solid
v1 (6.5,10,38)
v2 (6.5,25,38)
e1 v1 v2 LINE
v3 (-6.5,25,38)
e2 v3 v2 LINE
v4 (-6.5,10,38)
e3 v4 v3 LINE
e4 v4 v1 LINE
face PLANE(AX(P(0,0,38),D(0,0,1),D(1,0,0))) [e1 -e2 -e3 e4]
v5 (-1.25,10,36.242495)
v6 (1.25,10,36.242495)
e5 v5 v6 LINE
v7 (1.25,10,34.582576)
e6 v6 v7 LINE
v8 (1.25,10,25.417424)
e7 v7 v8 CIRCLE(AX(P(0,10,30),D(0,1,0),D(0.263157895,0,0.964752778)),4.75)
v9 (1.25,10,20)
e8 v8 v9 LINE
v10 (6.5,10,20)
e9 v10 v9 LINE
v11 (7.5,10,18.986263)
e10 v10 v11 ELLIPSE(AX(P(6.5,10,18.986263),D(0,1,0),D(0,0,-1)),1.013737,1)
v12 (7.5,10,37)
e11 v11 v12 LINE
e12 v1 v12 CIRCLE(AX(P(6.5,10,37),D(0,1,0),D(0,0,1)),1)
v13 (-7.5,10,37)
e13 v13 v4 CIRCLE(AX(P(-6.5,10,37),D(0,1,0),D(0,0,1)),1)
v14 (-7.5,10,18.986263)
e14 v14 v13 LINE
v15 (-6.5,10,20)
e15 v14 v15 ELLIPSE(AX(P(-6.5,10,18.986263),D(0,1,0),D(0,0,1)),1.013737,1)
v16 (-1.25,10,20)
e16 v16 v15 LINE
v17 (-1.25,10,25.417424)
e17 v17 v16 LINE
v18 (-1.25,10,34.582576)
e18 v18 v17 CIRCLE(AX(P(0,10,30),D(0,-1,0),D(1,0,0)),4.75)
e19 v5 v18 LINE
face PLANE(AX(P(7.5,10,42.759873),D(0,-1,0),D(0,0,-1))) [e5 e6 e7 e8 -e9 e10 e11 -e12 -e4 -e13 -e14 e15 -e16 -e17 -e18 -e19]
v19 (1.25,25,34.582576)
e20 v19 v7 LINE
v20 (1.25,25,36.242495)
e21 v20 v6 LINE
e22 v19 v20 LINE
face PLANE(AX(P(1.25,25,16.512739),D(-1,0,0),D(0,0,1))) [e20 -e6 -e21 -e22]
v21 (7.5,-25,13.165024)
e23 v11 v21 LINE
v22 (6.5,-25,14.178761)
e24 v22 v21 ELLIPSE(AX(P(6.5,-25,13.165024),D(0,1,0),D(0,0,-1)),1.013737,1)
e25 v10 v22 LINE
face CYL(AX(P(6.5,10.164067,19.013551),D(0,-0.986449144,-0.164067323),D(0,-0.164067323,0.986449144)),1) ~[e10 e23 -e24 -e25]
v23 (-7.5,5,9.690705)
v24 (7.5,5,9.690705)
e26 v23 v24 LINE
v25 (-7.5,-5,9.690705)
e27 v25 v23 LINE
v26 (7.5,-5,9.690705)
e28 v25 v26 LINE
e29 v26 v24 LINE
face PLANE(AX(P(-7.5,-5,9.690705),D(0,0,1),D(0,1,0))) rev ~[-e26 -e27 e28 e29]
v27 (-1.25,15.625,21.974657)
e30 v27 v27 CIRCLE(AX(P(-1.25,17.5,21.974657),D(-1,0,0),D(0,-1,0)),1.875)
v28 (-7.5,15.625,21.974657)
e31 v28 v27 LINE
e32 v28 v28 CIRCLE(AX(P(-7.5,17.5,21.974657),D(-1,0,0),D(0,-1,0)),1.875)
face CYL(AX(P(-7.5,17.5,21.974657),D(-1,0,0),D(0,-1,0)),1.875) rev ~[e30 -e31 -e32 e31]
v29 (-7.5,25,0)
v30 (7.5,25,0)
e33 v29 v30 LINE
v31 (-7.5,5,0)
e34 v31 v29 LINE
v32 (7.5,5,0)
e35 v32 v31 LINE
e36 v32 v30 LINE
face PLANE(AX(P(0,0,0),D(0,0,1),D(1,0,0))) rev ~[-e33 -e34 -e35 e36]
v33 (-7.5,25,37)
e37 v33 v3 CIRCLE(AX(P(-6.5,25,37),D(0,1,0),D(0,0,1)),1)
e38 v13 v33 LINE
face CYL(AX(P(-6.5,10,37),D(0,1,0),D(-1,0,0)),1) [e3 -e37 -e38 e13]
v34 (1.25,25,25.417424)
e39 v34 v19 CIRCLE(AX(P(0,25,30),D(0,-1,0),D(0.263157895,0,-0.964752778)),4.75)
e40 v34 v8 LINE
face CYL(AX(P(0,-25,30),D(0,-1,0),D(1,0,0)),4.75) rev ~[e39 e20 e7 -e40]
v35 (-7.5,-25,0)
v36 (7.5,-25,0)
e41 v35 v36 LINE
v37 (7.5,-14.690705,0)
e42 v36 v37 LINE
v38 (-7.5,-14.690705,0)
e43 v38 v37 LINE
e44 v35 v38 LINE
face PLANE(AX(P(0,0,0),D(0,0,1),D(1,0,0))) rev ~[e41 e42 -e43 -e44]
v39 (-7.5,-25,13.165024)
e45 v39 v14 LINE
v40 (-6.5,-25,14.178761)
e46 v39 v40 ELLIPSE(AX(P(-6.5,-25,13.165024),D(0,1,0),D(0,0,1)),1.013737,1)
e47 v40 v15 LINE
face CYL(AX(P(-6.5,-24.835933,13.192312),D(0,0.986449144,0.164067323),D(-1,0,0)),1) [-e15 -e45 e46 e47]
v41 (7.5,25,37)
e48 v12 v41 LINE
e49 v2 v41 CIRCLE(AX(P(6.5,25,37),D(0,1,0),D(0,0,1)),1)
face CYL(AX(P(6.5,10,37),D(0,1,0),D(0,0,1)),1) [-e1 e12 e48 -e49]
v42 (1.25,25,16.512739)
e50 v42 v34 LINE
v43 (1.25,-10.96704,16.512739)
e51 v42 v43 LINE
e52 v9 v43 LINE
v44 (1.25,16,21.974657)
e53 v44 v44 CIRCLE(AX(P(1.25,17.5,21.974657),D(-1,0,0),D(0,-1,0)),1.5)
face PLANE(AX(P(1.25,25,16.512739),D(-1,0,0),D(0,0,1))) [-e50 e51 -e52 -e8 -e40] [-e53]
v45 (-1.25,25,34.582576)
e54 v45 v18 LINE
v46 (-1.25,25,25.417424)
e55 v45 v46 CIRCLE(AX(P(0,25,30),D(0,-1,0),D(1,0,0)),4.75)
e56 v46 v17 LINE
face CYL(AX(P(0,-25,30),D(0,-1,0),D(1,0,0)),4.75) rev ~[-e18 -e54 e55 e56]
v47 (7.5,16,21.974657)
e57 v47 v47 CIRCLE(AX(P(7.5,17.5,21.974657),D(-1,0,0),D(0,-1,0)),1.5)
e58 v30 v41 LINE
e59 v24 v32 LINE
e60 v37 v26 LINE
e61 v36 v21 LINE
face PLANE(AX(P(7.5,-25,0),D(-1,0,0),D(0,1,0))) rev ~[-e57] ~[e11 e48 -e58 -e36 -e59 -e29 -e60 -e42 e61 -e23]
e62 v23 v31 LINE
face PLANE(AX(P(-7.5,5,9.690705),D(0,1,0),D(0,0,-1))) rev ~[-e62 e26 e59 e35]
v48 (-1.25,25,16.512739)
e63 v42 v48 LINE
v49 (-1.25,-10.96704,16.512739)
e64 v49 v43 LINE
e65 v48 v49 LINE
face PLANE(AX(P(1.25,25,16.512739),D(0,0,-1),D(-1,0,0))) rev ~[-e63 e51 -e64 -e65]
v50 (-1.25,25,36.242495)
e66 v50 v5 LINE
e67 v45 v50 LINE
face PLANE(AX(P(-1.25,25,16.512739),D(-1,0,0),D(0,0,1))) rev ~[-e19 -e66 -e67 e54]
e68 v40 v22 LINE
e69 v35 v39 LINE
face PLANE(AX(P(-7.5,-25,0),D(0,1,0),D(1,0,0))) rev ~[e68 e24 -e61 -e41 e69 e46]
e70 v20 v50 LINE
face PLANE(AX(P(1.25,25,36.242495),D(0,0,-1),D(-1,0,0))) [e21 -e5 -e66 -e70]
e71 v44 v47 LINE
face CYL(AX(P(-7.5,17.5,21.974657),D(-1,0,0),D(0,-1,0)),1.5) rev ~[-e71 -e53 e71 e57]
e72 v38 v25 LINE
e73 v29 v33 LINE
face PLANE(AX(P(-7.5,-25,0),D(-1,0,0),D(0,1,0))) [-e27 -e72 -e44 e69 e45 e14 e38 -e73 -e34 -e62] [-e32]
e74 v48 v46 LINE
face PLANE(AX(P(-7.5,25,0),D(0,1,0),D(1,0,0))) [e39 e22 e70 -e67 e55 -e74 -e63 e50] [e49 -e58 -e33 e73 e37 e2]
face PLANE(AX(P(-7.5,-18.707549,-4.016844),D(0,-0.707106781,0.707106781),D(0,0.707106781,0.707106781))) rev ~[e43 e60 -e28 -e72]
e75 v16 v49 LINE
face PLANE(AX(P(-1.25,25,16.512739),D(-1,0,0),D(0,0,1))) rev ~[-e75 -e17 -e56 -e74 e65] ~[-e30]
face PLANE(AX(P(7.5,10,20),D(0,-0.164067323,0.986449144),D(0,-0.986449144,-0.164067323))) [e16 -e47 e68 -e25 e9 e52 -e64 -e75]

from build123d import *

# Parameters (mm, degrees)
SKETCH_W        = 15
SKETCH_H        = 50
PAD_DEPTH       = 38
SKETCH001_R     = 4.75
POCKET_DEPTH    = 50.001
POCKET001_DEPTH = 15.001
POCKET002_DEPTH = 15.001
SKETCH005_W     = 2.5
SKETCH005_H     = 19.729757
POCKET003_DEPTH = 50.001
SKETCH006_R     = 1.5
POCKET004_DEPTH = 15.001
SKETCH007_R     = 1.875
POCKET005_DEPTH = 7
FILLET_R        = 1


with BuildPart() as part:
    # Sketch → Pad (new body)
    with BuildSketch(Plane.XY):
        Rectangle(SKETCH_W, SKETCH_H)
    extrude(amount=PAD_DEPTH)

    # Sketch001 (on Face3 of Pad) → Pocket (cut, through all)
    with BuildSketch(Plane.XZ.offset(25)):
        with Locations((0, 30)):
            Circle(SKETCH001_R)
    extrude(amount=-POCKET_DEPTH, mode=Mode.SUBTRACT)

    # Sketch003 (on Face5 of Pocket) → Pocket001 (cut, through all)
    with BuildSketch(Plane.YZ.offset(7.5)):
        Polygon((10, 42.759873), (10, 20), (-31.063036, 13.17035), (-31.063036, 49.393513), align=None)
    extrude(amount=-POCKET001_DEPTH, mode=Mode.SUBTRACT)

    # Sketch004 (on Face2 of Pocket001) → Pocket002 (cut, through all)
    with BuildSketch(Plane(origin=(-7.5, 0, 0), x_dir=(0, -1, 0), z_dir=(-1, 0, 0))):
        Polygon((18.707549, -4.016844), (5, 9.690705), (-5, 9.690705), (-5, -5.466326), align=None)
    extrude(amount=-POCKET002_DEPTH, mode=Mode.SUBTRACT)

    # Sketch005 (on Face1 of Pocket002) → Pocket003 (cut, through all)
    with BuildSketch(Plane(origin=(0, 25, 0), x_dir=(-1, 0, 0), z_dir=(0, 1, 0))):
        with Locations((0, 26.377617)):
            Rectangle(SKETCH005_W, SKETCH005_H)
    extrude(amount=-POCKET003_DEPTH, mode=Mode.SUBTRACT)

    # Sketch006 (on Face2 of Pocket003) → Pocket004 (cut, through all)
    with BuildSketch(Plane(origin=(-7.5, 0, 0), x_dir=(0, -1, 0), z_dir=(-1, 0, 0))):
        with Locations((-17.5, 21.974657)):
            Circle(SKETCH006_R)
    extrude(amount=-POCKET004_DEPTH, mode=Mode.SUBTRACT)

    # Sketch007 (on Face2 of Pocket004) → Pocket005 (cut)
    with BuildSketch(Plane(origin=(-7.5, 0, 0), x_dir=(0, -1, 0), z_dir=(-1, 0, 0))):
        with Locations((-17.5, 21.974657)):
            Circle(SKETCH007_R)
    extrude(amount=-POCKET005_DEPTH, mode=Mode.SUBTRACT)

    # Fillet
    fillet_edges = [part.edges().sort_by_distance(p)[0] for p in [
        (-7.5, 17.5, 38),
        (7.5, 17.5, 38),
        (7.5, -7.5, 17.08938),
        (-7.5, -7.5, 17.08938),
    ]]
    fillet(fillet_edges, radius=FILLET_R)


solid = part.part
